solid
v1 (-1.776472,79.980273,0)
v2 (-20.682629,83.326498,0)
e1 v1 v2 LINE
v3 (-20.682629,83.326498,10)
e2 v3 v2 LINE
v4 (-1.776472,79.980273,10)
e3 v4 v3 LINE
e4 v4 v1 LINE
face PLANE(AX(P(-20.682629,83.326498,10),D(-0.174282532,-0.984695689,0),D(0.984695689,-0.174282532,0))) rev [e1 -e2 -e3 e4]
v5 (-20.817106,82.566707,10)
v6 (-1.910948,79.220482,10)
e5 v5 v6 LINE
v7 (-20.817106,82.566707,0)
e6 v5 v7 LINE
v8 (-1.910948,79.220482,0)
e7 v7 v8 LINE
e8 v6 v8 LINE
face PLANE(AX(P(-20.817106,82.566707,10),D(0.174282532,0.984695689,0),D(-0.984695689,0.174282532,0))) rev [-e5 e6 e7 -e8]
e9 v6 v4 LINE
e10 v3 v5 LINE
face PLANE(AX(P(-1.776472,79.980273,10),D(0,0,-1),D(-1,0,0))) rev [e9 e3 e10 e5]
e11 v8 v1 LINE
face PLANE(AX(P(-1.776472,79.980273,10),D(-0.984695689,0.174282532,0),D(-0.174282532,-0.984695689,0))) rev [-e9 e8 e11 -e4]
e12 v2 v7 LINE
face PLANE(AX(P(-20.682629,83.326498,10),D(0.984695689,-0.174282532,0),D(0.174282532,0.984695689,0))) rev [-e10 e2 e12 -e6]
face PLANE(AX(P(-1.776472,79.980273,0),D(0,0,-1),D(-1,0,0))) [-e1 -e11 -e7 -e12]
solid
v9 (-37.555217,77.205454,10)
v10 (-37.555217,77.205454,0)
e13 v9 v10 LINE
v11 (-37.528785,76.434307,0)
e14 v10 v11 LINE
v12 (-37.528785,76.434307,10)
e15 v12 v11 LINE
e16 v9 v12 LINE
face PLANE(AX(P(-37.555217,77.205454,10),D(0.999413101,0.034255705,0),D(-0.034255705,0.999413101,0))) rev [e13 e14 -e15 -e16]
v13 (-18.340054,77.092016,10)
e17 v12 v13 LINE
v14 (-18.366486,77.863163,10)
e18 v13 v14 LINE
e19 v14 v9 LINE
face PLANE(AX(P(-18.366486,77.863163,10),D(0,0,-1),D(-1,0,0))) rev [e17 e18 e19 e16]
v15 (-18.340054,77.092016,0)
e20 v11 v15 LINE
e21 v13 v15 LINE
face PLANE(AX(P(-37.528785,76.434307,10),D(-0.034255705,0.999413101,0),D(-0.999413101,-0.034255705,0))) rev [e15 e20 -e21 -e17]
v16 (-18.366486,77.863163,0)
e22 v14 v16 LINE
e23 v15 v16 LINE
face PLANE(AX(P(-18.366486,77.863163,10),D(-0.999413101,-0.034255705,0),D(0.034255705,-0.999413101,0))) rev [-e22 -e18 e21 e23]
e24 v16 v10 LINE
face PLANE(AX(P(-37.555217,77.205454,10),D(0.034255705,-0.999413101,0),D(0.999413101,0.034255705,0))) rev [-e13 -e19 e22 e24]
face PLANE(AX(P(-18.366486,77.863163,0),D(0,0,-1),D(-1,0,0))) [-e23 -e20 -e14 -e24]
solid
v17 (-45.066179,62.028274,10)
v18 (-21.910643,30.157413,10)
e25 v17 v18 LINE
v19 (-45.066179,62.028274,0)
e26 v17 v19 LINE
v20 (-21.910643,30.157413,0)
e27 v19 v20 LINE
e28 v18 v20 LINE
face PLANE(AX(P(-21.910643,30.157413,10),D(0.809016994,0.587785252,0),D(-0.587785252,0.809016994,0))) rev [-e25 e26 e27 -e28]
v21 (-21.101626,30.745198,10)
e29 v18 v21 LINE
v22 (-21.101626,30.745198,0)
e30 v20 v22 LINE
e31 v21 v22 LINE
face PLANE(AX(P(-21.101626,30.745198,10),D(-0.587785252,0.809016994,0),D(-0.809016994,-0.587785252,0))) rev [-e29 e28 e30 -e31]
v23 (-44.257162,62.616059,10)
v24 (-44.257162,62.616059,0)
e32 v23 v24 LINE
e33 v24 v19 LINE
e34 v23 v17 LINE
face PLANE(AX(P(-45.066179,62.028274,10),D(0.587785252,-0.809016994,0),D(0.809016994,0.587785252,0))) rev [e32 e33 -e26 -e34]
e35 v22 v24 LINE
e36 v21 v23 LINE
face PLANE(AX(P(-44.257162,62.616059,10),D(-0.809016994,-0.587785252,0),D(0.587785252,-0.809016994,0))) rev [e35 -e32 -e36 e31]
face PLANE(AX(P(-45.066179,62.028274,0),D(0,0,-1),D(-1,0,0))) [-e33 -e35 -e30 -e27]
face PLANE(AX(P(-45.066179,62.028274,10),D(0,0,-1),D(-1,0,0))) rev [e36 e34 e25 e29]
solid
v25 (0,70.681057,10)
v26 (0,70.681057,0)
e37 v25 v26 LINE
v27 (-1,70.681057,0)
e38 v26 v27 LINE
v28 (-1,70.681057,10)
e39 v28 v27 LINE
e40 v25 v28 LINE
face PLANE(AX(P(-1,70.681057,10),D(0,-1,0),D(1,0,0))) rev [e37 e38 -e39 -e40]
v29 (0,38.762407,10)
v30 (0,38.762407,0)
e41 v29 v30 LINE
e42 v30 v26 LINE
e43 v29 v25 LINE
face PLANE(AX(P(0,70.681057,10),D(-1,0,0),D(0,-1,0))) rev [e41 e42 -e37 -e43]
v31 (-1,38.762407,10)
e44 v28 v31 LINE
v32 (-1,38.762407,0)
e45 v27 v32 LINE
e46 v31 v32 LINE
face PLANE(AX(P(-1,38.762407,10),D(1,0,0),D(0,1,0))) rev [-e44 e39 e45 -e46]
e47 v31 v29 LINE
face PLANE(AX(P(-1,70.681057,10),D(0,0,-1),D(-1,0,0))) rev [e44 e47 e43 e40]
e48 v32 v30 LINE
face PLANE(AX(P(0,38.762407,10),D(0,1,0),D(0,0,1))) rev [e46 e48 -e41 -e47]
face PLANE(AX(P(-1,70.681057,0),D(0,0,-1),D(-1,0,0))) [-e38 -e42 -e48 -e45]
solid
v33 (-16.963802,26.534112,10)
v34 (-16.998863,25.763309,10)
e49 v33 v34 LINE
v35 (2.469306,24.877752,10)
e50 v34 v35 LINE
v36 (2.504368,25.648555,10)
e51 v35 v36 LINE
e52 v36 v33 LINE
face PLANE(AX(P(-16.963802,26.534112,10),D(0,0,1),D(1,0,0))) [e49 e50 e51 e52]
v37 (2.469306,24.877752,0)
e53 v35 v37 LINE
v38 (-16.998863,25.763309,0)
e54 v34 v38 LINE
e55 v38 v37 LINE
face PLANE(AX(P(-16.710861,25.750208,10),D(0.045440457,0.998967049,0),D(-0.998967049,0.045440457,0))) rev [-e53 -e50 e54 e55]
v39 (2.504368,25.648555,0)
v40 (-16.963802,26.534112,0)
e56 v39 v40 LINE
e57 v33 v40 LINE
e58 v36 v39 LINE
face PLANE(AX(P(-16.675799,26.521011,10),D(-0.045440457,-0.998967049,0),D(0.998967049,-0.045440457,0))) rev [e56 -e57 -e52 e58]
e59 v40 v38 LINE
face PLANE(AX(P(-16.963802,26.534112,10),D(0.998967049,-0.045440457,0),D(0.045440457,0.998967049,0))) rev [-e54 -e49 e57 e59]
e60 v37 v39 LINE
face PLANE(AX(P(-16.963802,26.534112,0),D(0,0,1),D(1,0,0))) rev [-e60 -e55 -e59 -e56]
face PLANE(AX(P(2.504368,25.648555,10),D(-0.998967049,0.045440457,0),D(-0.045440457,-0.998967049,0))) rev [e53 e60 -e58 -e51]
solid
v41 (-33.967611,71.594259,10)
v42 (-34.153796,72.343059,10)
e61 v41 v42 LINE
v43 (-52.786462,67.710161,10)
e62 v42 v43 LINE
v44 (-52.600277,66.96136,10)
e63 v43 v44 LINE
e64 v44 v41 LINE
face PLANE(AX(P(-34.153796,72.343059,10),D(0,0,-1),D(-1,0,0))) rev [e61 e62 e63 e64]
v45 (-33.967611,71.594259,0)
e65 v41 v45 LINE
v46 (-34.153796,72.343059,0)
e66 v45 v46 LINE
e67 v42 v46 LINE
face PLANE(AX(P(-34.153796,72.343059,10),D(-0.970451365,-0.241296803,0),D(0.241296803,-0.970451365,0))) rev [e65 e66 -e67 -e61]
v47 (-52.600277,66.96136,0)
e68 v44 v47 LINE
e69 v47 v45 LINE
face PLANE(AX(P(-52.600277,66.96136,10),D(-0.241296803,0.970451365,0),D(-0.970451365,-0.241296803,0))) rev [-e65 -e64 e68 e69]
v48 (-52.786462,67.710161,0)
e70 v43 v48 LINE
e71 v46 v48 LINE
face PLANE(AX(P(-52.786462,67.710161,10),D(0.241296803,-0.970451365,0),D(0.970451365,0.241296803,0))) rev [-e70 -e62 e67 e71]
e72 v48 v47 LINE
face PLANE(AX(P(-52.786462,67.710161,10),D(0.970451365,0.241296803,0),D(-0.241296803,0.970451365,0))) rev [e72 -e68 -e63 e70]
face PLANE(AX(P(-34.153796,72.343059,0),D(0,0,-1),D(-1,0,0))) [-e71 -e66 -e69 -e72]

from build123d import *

# Parameters (mm, degrees)
LADDER_REFERENCE_DEPTH   = 10
LADDER_REFERENCE_2_DEPTH = 10
LADDER_REFERENCE_3_DEPTH = 10
LADDER_REFERENCE_4_DEPTH = 10
LADDER_REFERENCE_5_DEPTH = 10
SKETCH4_W                = 1
SKETCH4_H                = 31.918650031
LADDER_REFERENCE_6_DEPTH = 10


with BuildPart() as part:
    # Sketch4 → ladder reference (new body)
    with BuildSketch(Plane.XY):
        Polygon((-34.153795821, 72.343059315), (-33.967611208, 71.594259041), (-52.600277425, 66.961360418), (-52.786462038, 67.710160692), align=None)
    extrude(amount=LADDER_REFERENCE_DEPTH)


with BuildPart() as body_2:
    # Sketch4 → ladder reference 2 (new body)
    with BuildSketch(Plane.XY):
        Polygon((-18.366485657, 77.863163335), (-18.340053955, 77.092016187), (-37.528785497, 76.434306652), (-37.555217199, 77.205453801), align=None)
    extrude(amount=LADDER_REFERENCE_2_DEPTH)


with BuildPart() as body_3:
    # Sketch4 → ladder reference 3 (new body)
    with BuildSketch(Plane.XY):
        Polygon((-1.776471938, 79.980273489), (-1.91094834, 79.220482296), (-20.81710556, 82.566706912), (-20.682629158, 83.326498105), align=None)
    extrude(amount=LADDER_REFERENCE_3_DEPTH)


with BuildPart() as body_4:
    # Sketch4 → ladder reference 4 (new body)
    with BuildSketch(Plane.XY):
        Polygon((-16.710861276, 25.750208439), (2.469306063, 24.877751658), (2.50436792, 25.648554633), (-16.675799419, 26.521011414), (-16.963801619, 26.534111898), (-16.998863476, 25.763308923), align=None)
    extrude(amount=LADDER_REFERENCE_4_DEPTH)


with BuildPart() as body_5:
    # Sketch4 → ladder reference 5 (new body)
    with BuildSketch(Plane.XY):
        Polygon((-45.066178843, 62.028273785), (-44.257161849, 62.616059037), (-21.101625762, 30.745197807), (-21.910642756, 30.157412555), align=None)
    extrude(amount=LADDER_REFERENCE_5_DEPTH)


with BuildPart() as body_6:
    # Sketch4 → ladder reference 6 (new body)
    with BuildSketch(Plane.XY):
        with Locations((-0.5, 54.721732316)):
            Rectangle(SKETCH4_W, SKETCH4_H)
    extrude(amount=LADDER_REFERENCE_6_DEPTH)


solid = Compound([part.part, body_2.part, body_3.part, body_4.part, body_5.part, body_6.part])
